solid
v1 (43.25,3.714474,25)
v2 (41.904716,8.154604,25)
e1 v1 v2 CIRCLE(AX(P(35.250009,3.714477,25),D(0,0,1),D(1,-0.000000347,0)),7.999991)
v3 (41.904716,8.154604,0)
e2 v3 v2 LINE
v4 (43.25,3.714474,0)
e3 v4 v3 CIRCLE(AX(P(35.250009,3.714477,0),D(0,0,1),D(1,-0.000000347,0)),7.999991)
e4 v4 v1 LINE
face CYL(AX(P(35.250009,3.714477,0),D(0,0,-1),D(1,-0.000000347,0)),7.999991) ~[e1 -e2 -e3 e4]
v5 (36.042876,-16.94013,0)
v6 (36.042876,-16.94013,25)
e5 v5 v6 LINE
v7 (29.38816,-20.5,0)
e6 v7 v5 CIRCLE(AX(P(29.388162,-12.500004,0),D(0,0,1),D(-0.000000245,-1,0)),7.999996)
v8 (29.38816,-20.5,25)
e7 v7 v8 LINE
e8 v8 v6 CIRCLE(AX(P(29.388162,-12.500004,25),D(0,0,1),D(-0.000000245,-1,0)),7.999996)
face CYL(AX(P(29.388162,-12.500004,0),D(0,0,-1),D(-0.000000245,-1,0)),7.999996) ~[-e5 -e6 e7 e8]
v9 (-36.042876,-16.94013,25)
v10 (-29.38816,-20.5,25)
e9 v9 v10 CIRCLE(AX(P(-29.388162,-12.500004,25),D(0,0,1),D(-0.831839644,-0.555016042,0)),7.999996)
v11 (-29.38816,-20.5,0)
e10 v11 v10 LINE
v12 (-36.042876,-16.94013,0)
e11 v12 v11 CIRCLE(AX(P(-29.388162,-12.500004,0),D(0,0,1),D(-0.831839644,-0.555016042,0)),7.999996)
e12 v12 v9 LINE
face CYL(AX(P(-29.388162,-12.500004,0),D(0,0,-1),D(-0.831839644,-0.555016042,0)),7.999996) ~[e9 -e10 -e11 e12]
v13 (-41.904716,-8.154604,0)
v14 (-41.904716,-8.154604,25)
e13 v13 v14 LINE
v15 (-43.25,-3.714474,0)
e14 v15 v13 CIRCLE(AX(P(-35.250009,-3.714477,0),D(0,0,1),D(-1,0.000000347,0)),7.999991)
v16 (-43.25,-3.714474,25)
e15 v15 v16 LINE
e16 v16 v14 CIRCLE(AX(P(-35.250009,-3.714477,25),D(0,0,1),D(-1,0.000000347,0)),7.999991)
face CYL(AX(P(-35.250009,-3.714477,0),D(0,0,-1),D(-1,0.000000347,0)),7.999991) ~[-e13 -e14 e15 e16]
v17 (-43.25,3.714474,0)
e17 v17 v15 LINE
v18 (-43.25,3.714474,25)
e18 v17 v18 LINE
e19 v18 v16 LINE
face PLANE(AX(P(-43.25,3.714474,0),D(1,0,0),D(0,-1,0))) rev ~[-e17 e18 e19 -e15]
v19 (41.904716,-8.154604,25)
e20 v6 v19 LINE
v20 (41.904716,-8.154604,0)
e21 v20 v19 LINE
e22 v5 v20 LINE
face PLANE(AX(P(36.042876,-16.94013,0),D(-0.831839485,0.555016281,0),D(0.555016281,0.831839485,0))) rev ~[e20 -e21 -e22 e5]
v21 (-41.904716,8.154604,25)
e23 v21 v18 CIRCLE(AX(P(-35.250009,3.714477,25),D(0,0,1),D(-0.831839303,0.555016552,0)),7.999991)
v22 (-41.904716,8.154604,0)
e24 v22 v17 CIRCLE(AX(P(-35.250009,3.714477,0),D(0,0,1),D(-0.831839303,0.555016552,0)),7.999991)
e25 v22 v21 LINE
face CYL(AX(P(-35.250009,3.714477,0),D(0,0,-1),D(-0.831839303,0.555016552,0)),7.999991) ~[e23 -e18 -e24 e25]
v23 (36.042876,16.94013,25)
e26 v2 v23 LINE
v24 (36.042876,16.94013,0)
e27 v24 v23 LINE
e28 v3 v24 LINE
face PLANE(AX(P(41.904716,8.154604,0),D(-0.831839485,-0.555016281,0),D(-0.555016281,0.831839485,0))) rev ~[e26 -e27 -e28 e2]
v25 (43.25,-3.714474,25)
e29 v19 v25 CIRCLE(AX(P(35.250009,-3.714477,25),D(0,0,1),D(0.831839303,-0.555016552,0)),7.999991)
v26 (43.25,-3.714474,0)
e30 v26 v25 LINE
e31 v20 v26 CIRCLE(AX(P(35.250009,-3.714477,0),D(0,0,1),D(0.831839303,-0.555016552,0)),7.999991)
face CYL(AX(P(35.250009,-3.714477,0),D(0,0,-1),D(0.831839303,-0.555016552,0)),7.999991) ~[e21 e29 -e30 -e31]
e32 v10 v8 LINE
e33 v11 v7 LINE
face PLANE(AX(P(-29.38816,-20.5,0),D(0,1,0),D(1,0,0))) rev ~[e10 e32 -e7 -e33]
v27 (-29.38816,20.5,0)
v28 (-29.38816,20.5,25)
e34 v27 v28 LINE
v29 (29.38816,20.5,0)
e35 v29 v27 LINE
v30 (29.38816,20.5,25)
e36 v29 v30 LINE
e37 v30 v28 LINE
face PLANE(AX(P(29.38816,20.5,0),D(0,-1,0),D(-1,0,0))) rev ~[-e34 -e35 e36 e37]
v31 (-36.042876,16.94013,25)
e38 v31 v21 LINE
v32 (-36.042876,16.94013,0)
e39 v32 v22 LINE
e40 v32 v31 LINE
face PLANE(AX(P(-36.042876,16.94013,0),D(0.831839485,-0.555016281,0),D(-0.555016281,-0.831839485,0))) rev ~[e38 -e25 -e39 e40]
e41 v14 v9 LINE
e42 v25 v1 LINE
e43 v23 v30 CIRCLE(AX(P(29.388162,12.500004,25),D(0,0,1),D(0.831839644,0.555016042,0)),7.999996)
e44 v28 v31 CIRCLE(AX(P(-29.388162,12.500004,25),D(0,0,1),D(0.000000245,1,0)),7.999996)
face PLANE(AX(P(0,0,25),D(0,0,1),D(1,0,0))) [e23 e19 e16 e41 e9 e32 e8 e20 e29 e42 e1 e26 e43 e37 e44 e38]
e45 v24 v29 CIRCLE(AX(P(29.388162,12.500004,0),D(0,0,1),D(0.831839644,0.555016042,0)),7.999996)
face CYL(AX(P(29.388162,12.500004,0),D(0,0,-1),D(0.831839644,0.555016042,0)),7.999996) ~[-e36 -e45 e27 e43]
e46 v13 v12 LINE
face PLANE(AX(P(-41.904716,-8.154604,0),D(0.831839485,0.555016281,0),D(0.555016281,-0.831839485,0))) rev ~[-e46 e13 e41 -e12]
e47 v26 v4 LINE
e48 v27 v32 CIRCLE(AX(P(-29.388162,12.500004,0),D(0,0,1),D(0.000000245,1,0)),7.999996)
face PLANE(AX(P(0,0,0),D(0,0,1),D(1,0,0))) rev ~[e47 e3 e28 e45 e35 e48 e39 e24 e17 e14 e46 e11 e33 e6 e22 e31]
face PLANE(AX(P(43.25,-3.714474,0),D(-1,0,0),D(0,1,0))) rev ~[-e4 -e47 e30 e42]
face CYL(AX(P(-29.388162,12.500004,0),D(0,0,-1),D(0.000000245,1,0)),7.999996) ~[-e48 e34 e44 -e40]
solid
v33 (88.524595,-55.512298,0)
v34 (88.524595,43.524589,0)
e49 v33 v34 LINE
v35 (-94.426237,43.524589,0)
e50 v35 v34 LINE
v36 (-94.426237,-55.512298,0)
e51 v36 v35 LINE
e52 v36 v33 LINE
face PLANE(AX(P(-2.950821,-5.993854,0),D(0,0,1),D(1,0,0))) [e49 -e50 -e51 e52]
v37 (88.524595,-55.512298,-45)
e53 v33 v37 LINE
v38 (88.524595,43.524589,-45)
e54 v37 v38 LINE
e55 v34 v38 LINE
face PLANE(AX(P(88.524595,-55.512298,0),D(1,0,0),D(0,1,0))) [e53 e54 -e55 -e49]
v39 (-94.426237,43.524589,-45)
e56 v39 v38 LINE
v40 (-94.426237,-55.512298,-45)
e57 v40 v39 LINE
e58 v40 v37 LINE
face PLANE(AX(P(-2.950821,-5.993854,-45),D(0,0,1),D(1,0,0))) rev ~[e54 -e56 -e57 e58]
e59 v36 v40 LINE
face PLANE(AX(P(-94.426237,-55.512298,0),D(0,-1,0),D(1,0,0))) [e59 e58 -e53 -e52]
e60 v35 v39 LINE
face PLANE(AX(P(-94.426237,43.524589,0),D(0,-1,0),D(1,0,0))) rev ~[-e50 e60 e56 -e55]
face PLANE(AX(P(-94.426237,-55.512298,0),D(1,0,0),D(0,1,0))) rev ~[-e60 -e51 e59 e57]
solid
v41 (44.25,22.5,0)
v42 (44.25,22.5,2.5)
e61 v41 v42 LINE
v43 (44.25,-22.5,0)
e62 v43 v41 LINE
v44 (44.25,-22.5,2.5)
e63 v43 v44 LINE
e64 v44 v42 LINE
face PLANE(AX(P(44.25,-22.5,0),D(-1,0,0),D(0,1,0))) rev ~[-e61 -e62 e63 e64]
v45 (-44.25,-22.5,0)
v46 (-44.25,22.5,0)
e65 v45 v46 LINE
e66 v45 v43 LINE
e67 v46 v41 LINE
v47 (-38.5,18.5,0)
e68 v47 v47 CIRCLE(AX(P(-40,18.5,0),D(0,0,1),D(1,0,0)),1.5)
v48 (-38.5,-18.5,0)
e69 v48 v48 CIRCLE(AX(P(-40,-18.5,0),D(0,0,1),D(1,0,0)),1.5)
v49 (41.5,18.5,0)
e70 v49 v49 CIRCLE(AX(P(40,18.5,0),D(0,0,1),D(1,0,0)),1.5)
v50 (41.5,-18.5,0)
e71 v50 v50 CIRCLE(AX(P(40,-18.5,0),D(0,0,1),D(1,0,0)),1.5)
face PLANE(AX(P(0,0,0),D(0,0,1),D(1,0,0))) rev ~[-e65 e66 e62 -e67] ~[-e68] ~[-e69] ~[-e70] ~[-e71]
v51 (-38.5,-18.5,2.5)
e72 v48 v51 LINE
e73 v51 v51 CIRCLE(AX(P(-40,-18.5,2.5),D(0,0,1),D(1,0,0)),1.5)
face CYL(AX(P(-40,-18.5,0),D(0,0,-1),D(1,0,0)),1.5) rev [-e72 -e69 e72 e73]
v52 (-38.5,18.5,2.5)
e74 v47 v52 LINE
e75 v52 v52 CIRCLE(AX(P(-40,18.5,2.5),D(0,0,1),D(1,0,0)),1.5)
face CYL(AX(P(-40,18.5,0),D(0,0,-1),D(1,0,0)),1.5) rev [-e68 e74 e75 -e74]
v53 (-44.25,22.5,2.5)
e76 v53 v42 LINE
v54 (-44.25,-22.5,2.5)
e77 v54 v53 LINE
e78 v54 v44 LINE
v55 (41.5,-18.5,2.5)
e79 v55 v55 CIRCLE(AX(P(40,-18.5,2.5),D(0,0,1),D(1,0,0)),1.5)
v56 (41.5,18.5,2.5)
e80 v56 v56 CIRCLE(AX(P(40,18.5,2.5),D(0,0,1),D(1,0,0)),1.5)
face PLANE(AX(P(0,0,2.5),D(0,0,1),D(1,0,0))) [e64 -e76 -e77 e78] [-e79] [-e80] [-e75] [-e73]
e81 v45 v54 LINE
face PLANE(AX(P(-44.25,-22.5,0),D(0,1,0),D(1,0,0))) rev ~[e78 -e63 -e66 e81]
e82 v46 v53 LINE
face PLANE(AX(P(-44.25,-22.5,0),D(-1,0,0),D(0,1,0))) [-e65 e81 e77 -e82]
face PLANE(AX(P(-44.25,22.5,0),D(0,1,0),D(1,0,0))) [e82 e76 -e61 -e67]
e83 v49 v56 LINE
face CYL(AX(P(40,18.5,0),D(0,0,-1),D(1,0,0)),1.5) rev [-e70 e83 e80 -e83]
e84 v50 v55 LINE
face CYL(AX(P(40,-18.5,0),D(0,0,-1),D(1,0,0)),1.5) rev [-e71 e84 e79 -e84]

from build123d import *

# Parameters (mm, degrees)
F0_W     = 182.950832
F0_H     = 99.036887
F1_DEPTH = 45
F4_W     = 88.5
F4_H     = 45
F4_R     = 1.5
F5_DEPTH = 2.5
F6_DEPTH = 25


with BuildPart() as f1:
    # F0 (on Top) → F1 (new body)
    with BuildSketch(Plane.XY):
        with Locations((-2.950821, -5.993854)):
            Rectangle(F0_W, F0_H)
    extrude(amount=-F1_DEPTH)


with BuildPart() as f5:
    # F4 (on Top) → F5 (new body)
    with BuildSketch(Plane.XY):
        Rectangle(F4_W, F4_H)
        with Locations((-40, -18.5)):
            Circle(F4_R, mode=Mode.SUBTRACT)
        with Locations((40, -18.5)):
            Circle(F4_R, mode=Mode.SUBTRACT)
        with Locations((-40, 18.5)):
            Circle(F4_R, mode=Mode.SUBTRACT)
        with Locations((40, 18.5)):
            Circle(F4_R, mode=Mode.SUBTRACT)
    extrude(amount=F5_DEPTH)


with BuildPart() as f6:
    # F3 (on Top) → F6 (new body)
    with BuildSketch(Plane.XY):
        with BuildLine():
            Line((29.38816, 20.5), (-29.38816, 20.5))
            ThreePointArc((-29.38816, 20.5), (-33.161684, 19.554114), (-36.042876, 16.94013))
            Line((-36.042876, 16.94013), (-41.904716, 8.154604))
            ThreePointArc((-41.904716, 8.154604), (-42.906296, 6.034202), (-43.25, 3.714474))
            Line((-43.25, 3.714474), (-43.25, -3.714474))
            ThreePointArc((-43.25, -3.714474), (-42.906296, -6.034202), (-41.904716, -8.154604))
            Line((-41.904716, -8.154604), (-36.042876, -16.94013))
            ThreePointArc((-36.042876, -16.94013), (-33.161684, -19.554114), (-29.38816, -20.5))
            Line((-29.38816, -20.5), (29.38816, -20.5))
            ThreePointArc((29.38816, -20.5), (33.161684, -19.554114), (36.042876, -16.94013))
            Line((36.042876, -16.94013), (41.904716, -8.154604))
            ThreePointArc((41.904716, -8.154604), (42.906296, -6.034202), (43.25, -3.714474))
            Line((43.25, -3.714474), (43.25, 3.714474))
            ThreePointArc((43.25, 3.714474), (42.906296, 6.034202), (41.904716, 8.154604))
            Line((41.904716, 8.154604), (36.042876, 16.94013))
            ThreePointArc((36.042876, 16.94013), (33.161684, 19.554114), (29.38816, 20.5))
        make_face()
    extrude(amount=F6_DEPTH)


solid = Compound([f1.part, f5.part, f6.part])
